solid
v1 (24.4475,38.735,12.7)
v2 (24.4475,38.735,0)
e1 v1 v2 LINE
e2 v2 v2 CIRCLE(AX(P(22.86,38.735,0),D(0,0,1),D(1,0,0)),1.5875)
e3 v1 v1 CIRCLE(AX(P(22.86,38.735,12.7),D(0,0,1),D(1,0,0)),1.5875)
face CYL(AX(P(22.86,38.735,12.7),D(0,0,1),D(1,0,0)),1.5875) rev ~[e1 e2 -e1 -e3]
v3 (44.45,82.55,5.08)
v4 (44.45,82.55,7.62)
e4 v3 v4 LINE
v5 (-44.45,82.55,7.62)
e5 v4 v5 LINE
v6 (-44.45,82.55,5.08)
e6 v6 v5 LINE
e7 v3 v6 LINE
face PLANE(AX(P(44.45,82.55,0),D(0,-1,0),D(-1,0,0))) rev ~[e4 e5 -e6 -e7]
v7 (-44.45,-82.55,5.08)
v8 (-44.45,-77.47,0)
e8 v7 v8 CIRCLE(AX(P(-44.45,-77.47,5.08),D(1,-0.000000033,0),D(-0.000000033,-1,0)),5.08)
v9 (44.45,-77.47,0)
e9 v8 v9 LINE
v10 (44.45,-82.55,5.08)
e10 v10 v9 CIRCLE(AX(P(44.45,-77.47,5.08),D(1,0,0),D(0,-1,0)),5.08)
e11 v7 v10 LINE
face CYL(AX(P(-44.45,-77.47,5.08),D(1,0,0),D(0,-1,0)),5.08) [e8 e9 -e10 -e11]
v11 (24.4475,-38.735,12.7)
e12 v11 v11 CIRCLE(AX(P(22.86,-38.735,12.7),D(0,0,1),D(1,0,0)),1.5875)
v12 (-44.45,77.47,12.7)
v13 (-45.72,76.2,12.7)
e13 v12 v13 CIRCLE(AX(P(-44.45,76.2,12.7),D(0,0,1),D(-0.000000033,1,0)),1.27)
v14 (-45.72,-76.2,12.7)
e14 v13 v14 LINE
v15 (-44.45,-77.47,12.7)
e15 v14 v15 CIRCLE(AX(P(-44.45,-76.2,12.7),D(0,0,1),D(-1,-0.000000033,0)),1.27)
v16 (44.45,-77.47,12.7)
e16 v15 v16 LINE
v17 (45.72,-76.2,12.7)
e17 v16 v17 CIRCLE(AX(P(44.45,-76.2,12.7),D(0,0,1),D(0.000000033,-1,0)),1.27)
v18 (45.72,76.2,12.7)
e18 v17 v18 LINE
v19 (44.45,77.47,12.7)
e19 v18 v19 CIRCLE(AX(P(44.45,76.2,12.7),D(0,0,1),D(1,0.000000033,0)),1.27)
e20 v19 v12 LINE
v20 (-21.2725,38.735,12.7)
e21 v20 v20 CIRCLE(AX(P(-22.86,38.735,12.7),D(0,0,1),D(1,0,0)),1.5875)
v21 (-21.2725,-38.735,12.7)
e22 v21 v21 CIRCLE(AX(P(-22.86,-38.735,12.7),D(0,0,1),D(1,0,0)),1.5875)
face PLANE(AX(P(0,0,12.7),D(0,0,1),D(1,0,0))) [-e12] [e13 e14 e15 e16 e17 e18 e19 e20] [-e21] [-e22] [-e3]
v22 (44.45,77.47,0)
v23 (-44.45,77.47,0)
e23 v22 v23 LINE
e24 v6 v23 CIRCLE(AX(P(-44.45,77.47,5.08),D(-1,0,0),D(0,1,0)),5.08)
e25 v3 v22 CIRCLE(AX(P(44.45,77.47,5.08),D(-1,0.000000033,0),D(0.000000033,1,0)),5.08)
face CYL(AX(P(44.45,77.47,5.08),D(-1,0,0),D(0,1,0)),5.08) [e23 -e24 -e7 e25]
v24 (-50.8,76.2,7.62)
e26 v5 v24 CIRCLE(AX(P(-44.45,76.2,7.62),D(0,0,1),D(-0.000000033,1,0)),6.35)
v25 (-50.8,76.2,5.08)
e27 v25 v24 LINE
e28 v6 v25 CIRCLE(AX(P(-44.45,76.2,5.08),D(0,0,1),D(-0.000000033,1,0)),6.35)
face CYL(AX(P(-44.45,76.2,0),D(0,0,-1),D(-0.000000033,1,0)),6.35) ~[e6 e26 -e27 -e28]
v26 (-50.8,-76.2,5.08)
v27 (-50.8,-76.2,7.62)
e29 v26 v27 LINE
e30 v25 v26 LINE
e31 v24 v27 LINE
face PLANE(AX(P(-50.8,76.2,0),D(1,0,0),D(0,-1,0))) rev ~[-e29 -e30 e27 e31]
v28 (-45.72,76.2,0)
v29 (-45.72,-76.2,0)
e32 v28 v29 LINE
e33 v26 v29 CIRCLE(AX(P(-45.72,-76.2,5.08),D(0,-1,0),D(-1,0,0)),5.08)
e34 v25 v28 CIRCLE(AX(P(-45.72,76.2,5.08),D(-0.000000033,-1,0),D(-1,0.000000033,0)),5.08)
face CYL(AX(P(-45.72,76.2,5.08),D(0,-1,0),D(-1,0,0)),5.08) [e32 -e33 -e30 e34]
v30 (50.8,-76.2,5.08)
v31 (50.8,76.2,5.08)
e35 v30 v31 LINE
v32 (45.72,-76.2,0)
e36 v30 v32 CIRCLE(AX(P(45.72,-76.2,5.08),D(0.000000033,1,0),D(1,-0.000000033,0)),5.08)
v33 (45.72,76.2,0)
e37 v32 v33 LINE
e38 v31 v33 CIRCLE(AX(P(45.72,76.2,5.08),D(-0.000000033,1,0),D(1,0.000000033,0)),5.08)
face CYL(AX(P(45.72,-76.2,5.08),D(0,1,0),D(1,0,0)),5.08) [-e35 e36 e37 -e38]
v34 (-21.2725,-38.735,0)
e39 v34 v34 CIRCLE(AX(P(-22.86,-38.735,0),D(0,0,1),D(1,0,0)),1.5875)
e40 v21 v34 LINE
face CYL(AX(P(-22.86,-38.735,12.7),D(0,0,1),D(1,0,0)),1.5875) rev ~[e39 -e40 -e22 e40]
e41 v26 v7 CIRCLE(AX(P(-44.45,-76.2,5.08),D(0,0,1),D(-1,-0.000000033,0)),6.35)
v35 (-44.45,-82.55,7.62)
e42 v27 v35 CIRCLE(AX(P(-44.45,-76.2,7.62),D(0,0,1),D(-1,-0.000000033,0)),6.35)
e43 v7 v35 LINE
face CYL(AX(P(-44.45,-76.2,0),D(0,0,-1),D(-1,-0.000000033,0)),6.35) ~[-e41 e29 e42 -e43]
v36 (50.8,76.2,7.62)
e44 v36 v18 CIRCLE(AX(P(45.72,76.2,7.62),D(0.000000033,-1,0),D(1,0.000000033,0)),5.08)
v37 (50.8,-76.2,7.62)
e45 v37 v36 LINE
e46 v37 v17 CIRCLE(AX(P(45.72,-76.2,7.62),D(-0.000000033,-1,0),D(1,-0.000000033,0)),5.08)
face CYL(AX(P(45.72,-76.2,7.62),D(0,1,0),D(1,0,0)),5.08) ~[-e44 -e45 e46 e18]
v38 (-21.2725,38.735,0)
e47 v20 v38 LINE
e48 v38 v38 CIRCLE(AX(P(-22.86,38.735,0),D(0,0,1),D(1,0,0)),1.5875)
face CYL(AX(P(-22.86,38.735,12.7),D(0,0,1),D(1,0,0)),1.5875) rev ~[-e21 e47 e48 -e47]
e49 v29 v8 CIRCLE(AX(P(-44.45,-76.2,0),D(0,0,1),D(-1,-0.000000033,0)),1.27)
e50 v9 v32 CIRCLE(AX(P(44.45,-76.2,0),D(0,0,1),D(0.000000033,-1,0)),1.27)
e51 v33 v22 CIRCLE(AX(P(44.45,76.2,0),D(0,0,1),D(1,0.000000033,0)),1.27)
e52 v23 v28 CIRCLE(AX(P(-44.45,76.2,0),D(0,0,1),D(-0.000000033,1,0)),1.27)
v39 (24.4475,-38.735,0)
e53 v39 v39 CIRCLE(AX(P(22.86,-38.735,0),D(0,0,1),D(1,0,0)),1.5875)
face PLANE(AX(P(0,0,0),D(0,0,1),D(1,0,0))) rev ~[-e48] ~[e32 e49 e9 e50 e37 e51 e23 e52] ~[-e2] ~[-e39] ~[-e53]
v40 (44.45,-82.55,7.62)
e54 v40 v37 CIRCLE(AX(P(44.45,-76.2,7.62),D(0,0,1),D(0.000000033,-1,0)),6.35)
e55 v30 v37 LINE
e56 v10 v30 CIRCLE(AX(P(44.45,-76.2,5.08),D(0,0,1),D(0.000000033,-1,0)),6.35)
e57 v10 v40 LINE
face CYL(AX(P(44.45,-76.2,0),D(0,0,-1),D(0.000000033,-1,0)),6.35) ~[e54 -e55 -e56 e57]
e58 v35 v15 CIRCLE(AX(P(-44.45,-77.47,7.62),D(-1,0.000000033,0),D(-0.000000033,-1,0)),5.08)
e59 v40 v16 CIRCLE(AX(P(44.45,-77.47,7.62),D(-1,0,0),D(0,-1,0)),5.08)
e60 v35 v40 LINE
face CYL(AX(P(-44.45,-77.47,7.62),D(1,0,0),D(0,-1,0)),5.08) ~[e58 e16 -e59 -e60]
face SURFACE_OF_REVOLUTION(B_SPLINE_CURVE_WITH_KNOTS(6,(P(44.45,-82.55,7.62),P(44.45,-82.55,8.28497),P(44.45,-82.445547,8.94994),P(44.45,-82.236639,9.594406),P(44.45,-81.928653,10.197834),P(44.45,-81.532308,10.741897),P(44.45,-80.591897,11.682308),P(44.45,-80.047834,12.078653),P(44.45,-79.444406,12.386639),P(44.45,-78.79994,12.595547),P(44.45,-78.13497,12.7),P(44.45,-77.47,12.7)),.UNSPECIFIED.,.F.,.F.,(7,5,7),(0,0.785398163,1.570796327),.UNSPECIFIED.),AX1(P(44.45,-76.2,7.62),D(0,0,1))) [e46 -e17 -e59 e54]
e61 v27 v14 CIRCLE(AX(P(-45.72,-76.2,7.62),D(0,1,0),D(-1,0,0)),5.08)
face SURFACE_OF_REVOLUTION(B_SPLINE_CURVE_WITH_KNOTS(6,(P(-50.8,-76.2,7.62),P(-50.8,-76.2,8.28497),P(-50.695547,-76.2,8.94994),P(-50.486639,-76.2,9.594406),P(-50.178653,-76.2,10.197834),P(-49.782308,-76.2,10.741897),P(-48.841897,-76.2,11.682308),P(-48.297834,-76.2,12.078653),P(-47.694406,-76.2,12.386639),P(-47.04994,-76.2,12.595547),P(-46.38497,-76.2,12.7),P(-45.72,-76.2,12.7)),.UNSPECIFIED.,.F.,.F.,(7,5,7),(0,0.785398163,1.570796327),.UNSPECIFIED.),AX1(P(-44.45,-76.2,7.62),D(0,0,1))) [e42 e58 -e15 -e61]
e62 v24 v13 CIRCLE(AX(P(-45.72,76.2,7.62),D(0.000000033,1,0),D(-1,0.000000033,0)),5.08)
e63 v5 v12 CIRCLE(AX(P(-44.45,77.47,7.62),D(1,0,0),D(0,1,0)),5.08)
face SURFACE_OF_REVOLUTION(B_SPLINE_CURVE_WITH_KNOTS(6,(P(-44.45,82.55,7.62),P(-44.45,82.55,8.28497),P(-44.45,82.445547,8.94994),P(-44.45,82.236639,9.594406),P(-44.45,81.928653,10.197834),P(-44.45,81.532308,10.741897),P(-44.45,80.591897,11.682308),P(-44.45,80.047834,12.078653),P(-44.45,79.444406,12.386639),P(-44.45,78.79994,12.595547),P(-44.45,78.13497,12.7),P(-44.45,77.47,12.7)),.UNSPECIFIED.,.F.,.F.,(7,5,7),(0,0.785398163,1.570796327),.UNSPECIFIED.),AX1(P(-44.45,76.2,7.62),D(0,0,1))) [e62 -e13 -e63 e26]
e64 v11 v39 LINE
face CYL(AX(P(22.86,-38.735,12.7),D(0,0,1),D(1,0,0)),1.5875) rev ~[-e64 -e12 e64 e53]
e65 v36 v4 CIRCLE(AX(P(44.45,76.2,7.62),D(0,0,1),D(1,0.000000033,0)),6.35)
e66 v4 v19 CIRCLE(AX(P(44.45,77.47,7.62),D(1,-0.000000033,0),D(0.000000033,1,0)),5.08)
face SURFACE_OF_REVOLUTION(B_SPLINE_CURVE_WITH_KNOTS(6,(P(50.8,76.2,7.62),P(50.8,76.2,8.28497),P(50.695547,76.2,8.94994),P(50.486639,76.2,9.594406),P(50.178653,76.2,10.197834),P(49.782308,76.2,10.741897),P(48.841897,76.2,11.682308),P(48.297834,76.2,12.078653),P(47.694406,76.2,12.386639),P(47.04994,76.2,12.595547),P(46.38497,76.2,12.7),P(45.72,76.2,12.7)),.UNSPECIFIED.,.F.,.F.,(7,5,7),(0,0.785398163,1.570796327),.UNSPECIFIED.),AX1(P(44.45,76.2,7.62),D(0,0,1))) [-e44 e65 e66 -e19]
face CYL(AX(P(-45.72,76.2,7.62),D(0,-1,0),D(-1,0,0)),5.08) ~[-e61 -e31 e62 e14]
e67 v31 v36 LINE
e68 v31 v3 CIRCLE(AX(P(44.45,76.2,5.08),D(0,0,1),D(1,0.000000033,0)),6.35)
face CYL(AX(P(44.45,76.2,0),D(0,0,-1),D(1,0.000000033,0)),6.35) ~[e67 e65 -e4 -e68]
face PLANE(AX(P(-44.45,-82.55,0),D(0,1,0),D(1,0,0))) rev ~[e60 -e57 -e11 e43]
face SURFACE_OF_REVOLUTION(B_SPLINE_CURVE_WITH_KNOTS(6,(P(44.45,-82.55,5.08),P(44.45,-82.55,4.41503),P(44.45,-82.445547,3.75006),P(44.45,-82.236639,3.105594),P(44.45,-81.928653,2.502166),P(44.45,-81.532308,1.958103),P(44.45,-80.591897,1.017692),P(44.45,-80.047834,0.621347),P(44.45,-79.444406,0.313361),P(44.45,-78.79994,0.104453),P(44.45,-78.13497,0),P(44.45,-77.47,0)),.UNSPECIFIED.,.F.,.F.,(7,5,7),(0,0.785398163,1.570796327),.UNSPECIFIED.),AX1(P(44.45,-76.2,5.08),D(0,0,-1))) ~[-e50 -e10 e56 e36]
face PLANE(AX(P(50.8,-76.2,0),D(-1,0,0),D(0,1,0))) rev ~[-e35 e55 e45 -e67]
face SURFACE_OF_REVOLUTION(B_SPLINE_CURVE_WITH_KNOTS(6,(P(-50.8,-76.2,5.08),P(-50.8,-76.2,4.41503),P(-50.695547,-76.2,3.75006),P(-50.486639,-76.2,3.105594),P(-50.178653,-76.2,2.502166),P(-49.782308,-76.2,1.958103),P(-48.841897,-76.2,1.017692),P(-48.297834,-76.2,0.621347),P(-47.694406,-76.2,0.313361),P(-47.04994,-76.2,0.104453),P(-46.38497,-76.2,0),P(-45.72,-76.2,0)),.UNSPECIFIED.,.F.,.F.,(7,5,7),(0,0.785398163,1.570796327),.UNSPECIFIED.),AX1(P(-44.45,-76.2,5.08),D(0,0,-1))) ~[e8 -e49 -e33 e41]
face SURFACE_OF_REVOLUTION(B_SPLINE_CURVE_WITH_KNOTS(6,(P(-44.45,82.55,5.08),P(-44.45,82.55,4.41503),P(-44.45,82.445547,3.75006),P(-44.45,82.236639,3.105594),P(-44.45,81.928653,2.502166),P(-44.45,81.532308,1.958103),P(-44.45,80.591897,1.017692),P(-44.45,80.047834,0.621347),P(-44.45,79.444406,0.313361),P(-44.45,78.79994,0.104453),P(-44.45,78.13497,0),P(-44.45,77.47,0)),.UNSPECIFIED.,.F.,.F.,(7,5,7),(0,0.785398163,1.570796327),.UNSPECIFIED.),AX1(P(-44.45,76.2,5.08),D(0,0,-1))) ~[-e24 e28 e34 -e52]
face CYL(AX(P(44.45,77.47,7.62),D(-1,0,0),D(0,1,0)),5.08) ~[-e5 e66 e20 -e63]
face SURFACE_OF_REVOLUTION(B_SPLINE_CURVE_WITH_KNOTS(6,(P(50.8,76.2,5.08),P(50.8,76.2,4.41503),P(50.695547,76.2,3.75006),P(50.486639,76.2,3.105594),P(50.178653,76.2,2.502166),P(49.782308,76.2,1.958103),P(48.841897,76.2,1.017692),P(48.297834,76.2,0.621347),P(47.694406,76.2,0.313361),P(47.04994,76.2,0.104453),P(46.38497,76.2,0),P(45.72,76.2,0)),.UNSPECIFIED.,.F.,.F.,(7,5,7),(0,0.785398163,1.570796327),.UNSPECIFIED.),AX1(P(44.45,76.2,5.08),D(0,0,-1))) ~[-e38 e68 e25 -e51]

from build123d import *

# Parameters (mm, degrees)
F1_DEPTH = 12.7
F2_R     = 5.08
F3_R     = 1.5875
F4_DEPTH = 12.701


with BuildPart() as f1:
    # F0 (on Top) → F1 (new body)
    with BuildSketch(Plane.XY):
        with BuildLine():
            ThreePointArc((50.8, 76.2), (48.940128, 80.690128), (44.45, 82.55))
            Line((44.45, 82.55), (-44.45, 82.55))
            ThreePointArc((-44.45, 82.55), (-48.940128, 80.690128), (-50.8, 76.2))
            Line((-50.8, 76.2), (-50.8, -76.2))
            ThreePointArc((-50.8, -76.2), (-48.940128, -80.690128), (-44.45, -82.55))
            Line((-44.45, -82.55), (44.45, -82.55))
            ThreePointArc((44.45, -82.55), (48.940128, -80.690128), (50.8, -76.2))
            Line((50.8, -76.2), (50.8, 76.2))
        make_face()
    extrude(amount=F1_DEPTH)

    # F2
    f2_edges = [f1.edges().sort_by_distance(p)[0] for p in [
        (48.940128, 80.690128, 12.7),
        (0, 82.55, 12.7),
        (-48.940128, 80.690128, 12.7),
        (-50.8, 0, 12.7),
        (-48.940128, -80.690128, 12.7),
        (0, -82.55, 12.7),
        (48.940128, -80.690128, 12.7),
        (50.8, 0, 12.7),
        (48.940128, 80.690128, 0),
        (0, 82.55, 0),
        (-48.940128, 80.690128, 0),
        (-50.8, 0, 0),
        (-48.940128, -80.690128, 0),
        (0, -82.55, 0),
        (48.940128, -80.690128, 0),
        (50.8, 0, 0),
    ]]
    fillet(f2_edges, radius=F2_R)

    # F3 (on face) → F4 (cut, through all)
    with BuildSketch(Plane.XY.offset(12.7)):
        with Locations((-22.86, 38.735)):
            Circle(F3_R)
        with Locations((22.86, 38.735)):
            Circle(F3_R)
        with Locations((-22.86, -38.735)):
            Circle(F3_R)
        with Locations((22.86, -38.735)):
            Circle(F3_R)
    extrude(amount=-F4_DEPTH, mode=Mode.SUBTRACT)


solid = f1.part
